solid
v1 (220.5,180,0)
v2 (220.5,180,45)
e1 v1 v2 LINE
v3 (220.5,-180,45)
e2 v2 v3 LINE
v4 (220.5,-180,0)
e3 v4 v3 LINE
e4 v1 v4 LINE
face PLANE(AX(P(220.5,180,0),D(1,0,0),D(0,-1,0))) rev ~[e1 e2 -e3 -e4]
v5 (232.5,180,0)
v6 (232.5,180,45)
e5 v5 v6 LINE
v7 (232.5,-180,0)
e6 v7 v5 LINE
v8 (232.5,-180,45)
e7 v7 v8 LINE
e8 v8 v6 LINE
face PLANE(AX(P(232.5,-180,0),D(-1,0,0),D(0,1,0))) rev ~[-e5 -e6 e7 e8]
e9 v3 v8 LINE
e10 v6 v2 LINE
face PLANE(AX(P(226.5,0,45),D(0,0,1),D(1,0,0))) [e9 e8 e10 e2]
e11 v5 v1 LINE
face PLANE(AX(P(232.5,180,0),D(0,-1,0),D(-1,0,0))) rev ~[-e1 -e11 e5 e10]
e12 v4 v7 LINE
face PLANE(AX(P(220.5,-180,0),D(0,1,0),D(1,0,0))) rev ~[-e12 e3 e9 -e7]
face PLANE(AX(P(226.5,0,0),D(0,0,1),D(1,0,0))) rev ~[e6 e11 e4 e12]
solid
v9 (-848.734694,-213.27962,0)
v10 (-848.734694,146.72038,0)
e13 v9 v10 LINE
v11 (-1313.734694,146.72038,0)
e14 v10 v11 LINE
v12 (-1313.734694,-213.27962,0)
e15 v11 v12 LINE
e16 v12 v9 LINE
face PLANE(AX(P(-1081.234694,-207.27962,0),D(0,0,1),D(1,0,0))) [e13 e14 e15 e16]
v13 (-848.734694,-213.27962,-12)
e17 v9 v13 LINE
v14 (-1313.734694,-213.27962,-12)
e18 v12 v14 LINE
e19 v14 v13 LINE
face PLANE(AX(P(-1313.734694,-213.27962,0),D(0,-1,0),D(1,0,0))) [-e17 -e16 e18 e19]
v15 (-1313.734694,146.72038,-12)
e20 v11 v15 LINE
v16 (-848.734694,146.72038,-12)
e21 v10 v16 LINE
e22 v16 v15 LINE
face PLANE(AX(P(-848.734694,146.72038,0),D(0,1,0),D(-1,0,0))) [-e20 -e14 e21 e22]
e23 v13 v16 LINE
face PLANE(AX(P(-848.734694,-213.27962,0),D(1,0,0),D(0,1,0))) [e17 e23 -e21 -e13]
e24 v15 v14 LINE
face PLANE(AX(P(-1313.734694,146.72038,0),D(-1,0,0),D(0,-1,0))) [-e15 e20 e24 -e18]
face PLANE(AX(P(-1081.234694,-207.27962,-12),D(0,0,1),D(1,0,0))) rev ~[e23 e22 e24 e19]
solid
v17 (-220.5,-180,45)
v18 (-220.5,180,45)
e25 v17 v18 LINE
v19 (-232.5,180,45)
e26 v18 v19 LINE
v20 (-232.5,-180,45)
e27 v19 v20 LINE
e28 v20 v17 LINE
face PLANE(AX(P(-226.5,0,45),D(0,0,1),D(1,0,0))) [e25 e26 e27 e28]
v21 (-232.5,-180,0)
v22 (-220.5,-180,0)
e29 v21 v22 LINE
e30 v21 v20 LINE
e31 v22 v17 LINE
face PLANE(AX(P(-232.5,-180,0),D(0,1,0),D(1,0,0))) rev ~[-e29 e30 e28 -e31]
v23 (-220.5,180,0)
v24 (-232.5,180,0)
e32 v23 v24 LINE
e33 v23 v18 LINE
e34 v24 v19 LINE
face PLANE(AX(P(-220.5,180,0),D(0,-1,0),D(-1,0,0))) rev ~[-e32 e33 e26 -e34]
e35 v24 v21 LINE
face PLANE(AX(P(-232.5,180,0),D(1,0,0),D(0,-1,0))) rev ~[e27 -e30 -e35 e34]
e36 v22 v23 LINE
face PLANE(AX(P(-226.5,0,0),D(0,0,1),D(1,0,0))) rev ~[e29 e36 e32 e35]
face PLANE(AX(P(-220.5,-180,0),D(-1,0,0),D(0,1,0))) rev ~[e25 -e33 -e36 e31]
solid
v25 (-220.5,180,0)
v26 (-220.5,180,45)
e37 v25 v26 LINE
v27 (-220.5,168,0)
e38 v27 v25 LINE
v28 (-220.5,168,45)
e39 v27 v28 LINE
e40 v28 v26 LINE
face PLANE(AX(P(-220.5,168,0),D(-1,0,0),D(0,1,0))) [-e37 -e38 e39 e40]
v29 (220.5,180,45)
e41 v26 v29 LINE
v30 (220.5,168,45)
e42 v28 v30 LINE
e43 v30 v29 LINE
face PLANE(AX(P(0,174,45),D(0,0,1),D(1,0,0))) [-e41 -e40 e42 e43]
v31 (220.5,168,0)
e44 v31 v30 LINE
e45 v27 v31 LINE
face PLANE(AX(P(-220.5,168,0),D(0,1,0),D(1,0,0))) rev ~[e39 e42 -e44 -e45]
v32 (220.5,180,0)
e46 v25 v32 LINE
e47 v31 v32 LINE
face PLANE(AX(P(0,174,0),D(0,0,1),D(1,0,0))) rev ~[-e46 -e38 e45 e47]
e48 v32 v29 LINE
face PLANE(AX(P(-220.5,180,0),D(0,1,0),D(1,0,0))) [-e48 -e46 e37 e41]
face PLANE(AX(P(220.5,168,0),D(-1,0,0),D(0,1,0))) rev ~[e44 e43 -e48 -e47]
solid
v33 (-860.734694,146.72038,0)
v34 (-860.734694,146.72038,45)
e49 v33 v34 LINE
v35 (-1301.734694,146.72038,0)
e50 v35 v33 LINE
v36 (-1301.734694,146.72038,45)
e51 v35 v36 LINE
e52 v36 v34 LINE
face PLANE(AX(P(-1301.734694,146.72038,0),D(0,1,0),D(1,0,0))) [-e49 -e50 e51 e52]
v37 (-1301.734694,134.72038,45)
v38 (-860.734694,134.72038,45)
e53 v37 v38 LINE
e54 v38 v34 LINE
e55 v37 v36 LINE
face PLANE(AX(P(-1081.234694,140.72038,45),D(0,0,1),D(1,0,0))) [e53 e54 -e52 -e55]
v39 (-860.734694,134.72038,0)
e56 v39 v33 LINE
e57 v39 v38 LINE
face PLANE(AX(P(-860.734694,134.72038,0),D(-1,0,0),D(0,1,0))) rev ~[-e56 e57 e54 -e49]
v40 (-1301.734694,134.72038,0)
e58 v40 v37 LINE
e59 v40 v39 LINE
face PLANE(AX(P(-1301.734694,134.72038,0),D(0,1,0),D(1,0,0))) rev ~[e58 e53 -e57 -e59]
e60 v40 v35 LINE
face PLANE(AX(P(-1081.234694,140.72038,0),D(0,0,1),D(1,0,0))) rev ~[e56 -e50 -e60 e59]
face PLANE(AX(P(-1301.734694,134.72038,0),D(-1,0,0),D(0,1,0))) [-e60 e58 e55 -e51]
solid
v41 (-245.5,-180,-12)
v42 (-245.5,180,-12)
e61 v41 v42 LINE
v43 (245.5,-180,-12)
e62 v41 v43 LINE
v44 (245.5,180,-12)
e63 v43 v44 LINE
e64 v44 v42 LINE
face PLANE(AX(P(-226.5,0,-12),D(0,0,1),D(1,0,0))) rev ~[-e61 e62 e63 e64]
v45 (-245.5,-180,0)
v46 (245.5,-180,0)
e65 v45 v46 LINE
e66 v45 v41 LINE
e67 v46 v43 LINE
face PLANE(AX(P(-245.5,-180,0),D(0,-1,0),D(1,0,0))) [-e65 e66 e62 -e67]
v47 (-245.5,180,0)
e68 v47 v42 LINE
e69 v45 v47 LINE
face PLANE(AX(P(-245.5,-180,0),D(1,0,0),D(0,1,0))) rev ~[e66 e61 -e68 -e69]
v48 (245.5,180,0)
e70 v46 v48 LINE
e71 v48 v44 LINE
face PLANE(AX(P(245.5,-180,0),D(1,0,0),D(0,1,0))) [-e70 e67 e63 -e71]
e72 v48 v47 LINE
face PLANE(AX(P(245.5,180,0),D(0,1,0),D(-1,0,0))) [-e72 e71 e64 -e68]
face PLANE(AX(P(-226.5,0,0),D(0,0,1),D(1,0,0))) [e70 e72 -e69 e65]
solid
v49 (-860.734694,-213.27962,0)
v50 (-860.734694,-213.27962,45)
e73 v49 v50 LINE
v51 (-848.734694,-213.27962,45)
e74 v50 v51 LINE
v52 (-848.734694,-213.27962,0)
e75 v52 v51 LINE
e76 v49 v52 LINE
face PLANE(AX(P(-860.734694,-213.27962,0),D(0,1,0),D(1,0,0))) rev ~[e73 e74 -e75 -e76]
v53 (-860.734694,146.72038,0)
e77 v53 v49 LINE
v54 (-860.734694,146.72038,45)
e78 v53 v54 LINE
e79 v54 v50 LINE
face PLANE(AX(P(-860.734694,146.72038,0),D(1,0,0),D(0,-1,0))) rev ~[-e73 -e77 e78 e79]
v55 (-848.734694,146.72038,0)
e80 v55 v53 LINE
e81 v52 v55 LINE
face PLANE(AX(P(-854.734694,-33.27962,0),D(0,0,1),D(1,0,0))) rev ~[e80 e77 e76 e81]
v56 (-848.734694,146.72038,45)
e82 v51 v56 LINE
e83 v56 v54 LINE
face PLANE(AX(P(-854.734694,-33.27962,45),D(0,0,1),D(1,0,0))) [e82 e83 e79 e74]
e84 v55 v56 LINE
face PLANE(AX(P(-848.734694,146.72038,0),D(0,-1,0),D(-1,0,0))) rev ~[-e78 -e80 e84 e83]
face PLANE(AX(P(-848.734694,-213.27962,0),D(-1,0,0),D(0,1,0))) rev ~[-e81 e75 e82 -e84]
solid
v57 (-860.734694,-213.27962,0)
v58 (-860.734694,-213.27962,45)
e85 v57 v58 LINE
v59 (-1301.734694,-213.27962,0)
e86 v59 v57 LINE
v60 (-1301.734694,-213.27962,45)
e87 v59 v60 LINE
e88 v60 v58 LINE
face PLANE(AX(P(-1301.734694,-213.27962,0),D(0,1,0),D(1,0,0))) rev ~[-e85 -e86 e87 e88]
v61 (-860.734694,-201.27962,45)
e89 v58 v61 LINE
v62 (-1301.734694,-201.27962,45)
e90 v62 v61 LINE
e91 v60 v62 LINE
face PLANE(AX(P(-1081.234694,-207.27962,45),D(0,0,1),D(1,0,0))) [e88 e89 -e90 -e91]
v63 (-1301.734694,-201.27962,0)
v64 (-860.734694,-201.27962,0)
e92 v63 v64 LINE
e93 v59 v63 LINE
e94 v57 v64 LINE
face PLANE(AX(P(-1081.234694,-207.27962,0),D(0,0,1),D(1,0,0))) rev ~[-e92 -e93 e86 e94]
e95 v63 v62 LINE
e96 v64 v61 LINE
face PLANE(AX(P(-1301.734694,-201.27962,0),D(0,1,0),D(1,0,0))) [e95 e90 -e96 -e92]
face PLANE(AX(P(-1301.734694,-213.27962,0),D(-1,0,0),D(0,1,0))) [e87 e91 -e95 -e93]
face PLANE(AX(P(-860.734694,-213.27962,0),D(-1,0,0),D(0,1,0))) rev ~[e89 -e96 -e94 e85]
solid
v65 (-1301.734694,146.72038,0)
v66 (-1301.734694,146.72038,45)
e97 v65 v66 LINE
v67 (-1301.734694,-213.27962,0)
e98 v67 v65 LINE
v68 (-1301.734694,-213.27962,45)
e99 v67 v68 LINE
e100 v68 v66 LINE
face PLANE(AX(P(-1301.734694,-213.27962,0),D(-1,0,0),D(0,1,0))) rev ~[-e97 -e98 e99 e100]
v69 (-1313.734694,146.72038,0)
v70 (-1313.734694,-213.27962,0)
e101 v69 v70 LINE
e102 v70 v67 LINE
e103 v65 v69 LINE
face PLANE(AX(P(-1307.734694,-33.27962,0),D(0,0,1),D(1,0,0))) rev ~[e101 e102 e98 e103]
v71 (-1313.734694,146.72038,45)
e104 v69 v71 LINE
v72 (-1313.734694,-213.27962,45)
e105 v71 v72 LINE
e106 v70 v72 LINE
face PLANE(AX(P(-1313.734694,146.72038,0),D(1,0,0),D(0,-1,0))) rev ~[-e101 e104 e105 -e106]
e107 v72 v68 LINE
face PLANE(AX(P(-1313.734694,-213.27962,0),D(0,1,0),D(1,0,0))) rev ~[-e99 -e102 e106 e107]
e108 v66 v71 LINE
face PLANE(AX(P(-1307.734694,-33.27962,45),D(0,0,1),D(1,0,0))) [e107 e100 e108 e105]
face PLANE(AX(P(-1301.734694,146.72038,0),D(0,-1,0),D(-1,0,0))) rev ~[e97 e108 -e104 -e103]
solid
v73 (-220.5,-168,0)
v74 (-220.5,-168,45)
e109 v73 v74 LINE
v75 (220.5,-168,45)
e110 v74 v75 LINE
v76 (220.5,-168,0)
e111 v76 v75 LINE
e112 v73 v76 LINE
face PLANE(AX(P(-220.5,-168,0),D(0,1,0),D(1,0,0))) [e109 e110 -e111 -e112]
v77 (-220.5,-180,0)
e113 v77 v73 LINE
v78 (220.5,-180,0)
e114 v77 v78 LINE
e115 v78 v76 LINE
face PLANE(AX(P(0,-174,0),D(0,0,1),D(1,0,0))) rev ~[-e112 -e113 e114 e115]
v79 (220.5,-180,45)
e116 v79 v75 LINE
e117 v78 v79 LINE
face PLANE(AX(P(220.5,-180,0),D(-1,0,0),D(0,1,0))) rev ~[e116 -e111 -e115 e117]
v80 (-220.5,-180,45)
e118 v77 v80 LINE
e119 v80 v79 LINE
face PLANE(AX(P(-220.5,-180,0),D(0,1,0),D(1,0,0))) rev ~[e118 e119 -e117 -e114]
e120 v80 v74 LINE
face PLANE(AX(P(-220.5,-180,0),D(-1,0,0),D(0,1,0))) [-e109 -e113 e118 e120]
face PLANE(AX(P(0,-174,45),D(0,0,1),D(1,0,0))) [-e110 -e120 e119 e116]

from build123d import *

# Parameters (mm, degrees)
F0_W     = 13
F0_H     = 360
F0_W_2   = 441
F0_H_2   = 12
F0_H_3   = 336
F1_DEPTH = 12
F2_DEPTH = 45
F3_DEPTH = 45
F4_W     = 441
F4_H     = 12
F4_H_2   = 336
F5_DEPTH = 12
F6_DEPTH = 45
F7_DEPTH = 45


with BuildPart() as f1:
    # F0 (on Top) → F1 (new body)
    with BuildSketch(Plane.XY):
        Polygon((-232.5, 180), (-232.5, -180), (-220.5, -180), (-220.5, -168), (-220.5, 168), (-220.5, 180), align=None)
        with Locations((-239, 0)):
            Rectangle(F0_W, F0_H)
        with Locations((0, -174)):
            Rectangle(F0_W_2, F0_H_2)
        Polygon((220.5, -168), (220.5, -180), (232.5, -180), (232.5, 180), (220.5, 180), (220.5, 168), align=None)
        with Locations((0, 174)):
            Rectangle(F0_W_2, F0_H_2)
        with Locations((239, 0)):
            Rectangle(F0_W, F0_H)
        Rectangle(F0_W_2, F0_H_3)
    extrude(amount=-F1_DEPTH)


with BuildPart() as f2:
    # F0 (on Top) → F2 (new body)
    with BuildSketch(Plane.XY):
        Polygon((-232.5, 180), (-232.5, -180), (-220.5, -180), (-220.5, -168), (-220.5, 168), (-220.5, 180), align=None)
        Polygon((220.5, -168), (220.5, -180), (232.5, -180), (232.5, 180), (220.5, 180), (220.5, 168), align=None)
    extrude(amount=F2_DEPTH)


with BuildPart() as f3:
    # F0 (on Top) → F3 (new body)
    with BuildSketch(Plane.XY):
        with Locations((0, 174)):
            Rectangle(F0_W_2, F0_H_2)
        with Locations((0, -174)):
            Rectangle(F0_W_2, F0_H_2)
    extrude(amount=F3_DEPTH)


with BuildPart() as f5:
    # F4 (on Top) → F5 (new body)
    with BuildSketch(Plane.XY):
        with Locations((-1081.234694, -207.27962)):
            Rectangle(F4_W, F4_H)
        with Locations((-1081.234694, 140.72038)):
            Rectangle(F4_W, F4_H)
        Polygon((-1313.734694, 146.72038), (-1313.734694, -213.27962), (-1301.734694, -213.27962), (-1301.734694, -201.27962), (-1301.734694, 134.72038), (-1301.734694, 146.72038), align=None)
        Polygon((-860.734694, -201.27962), (-860.734694, -213.27962), (-848.734694, -213.27962), (-848.734694, 146.72038), (-860.734694, 146.72038), (-860.734694, 134.72038), align=None)
        with Locations((-1081.234694, -33.27962)):
            Rectangle(F4_W, F4_H_2)
    extrude(amount=-F5_DEPTH)


with BuildPart() as f6:
    # F4 (on Top) → F6 (new body)
    with BuildSketch(Plane.XY):
        Polygon((-860.734694, -201.27962), (-860.734694, -213.27962), (-848.734694, -213.27962), (-848.734694, 146.72038), (-860.734694, 146.72038), (-860.734694, 134.72038), align=None)
        Polygon((-1313.734694, 146.72038), (-1313.734694, -213.27962), (-1301.734694, -213.27962), (-1301.734694, -201.27962), (-1301.734694, 134.72038), (-1301.734694, 146.72038), align=None)
    extrude(amount=F6_DEPTH)


with BuildPart() as f7:
    # F4 (on Top) → F7 (new body)
    with BuildSketch(Plane.XY):
        with Locations((-1081.234694, 140.72038)):
            Rectangle(F4_W, F4_H)
        with Locations((-1081.234694, -207.27962)):
            Rectangle(F4_W, F4_H)
    extrude(amount=F7_DEPTH)


solid = Compound([f1.part, f2.part, f3.part, f5.part, f6.part, f7.part])
